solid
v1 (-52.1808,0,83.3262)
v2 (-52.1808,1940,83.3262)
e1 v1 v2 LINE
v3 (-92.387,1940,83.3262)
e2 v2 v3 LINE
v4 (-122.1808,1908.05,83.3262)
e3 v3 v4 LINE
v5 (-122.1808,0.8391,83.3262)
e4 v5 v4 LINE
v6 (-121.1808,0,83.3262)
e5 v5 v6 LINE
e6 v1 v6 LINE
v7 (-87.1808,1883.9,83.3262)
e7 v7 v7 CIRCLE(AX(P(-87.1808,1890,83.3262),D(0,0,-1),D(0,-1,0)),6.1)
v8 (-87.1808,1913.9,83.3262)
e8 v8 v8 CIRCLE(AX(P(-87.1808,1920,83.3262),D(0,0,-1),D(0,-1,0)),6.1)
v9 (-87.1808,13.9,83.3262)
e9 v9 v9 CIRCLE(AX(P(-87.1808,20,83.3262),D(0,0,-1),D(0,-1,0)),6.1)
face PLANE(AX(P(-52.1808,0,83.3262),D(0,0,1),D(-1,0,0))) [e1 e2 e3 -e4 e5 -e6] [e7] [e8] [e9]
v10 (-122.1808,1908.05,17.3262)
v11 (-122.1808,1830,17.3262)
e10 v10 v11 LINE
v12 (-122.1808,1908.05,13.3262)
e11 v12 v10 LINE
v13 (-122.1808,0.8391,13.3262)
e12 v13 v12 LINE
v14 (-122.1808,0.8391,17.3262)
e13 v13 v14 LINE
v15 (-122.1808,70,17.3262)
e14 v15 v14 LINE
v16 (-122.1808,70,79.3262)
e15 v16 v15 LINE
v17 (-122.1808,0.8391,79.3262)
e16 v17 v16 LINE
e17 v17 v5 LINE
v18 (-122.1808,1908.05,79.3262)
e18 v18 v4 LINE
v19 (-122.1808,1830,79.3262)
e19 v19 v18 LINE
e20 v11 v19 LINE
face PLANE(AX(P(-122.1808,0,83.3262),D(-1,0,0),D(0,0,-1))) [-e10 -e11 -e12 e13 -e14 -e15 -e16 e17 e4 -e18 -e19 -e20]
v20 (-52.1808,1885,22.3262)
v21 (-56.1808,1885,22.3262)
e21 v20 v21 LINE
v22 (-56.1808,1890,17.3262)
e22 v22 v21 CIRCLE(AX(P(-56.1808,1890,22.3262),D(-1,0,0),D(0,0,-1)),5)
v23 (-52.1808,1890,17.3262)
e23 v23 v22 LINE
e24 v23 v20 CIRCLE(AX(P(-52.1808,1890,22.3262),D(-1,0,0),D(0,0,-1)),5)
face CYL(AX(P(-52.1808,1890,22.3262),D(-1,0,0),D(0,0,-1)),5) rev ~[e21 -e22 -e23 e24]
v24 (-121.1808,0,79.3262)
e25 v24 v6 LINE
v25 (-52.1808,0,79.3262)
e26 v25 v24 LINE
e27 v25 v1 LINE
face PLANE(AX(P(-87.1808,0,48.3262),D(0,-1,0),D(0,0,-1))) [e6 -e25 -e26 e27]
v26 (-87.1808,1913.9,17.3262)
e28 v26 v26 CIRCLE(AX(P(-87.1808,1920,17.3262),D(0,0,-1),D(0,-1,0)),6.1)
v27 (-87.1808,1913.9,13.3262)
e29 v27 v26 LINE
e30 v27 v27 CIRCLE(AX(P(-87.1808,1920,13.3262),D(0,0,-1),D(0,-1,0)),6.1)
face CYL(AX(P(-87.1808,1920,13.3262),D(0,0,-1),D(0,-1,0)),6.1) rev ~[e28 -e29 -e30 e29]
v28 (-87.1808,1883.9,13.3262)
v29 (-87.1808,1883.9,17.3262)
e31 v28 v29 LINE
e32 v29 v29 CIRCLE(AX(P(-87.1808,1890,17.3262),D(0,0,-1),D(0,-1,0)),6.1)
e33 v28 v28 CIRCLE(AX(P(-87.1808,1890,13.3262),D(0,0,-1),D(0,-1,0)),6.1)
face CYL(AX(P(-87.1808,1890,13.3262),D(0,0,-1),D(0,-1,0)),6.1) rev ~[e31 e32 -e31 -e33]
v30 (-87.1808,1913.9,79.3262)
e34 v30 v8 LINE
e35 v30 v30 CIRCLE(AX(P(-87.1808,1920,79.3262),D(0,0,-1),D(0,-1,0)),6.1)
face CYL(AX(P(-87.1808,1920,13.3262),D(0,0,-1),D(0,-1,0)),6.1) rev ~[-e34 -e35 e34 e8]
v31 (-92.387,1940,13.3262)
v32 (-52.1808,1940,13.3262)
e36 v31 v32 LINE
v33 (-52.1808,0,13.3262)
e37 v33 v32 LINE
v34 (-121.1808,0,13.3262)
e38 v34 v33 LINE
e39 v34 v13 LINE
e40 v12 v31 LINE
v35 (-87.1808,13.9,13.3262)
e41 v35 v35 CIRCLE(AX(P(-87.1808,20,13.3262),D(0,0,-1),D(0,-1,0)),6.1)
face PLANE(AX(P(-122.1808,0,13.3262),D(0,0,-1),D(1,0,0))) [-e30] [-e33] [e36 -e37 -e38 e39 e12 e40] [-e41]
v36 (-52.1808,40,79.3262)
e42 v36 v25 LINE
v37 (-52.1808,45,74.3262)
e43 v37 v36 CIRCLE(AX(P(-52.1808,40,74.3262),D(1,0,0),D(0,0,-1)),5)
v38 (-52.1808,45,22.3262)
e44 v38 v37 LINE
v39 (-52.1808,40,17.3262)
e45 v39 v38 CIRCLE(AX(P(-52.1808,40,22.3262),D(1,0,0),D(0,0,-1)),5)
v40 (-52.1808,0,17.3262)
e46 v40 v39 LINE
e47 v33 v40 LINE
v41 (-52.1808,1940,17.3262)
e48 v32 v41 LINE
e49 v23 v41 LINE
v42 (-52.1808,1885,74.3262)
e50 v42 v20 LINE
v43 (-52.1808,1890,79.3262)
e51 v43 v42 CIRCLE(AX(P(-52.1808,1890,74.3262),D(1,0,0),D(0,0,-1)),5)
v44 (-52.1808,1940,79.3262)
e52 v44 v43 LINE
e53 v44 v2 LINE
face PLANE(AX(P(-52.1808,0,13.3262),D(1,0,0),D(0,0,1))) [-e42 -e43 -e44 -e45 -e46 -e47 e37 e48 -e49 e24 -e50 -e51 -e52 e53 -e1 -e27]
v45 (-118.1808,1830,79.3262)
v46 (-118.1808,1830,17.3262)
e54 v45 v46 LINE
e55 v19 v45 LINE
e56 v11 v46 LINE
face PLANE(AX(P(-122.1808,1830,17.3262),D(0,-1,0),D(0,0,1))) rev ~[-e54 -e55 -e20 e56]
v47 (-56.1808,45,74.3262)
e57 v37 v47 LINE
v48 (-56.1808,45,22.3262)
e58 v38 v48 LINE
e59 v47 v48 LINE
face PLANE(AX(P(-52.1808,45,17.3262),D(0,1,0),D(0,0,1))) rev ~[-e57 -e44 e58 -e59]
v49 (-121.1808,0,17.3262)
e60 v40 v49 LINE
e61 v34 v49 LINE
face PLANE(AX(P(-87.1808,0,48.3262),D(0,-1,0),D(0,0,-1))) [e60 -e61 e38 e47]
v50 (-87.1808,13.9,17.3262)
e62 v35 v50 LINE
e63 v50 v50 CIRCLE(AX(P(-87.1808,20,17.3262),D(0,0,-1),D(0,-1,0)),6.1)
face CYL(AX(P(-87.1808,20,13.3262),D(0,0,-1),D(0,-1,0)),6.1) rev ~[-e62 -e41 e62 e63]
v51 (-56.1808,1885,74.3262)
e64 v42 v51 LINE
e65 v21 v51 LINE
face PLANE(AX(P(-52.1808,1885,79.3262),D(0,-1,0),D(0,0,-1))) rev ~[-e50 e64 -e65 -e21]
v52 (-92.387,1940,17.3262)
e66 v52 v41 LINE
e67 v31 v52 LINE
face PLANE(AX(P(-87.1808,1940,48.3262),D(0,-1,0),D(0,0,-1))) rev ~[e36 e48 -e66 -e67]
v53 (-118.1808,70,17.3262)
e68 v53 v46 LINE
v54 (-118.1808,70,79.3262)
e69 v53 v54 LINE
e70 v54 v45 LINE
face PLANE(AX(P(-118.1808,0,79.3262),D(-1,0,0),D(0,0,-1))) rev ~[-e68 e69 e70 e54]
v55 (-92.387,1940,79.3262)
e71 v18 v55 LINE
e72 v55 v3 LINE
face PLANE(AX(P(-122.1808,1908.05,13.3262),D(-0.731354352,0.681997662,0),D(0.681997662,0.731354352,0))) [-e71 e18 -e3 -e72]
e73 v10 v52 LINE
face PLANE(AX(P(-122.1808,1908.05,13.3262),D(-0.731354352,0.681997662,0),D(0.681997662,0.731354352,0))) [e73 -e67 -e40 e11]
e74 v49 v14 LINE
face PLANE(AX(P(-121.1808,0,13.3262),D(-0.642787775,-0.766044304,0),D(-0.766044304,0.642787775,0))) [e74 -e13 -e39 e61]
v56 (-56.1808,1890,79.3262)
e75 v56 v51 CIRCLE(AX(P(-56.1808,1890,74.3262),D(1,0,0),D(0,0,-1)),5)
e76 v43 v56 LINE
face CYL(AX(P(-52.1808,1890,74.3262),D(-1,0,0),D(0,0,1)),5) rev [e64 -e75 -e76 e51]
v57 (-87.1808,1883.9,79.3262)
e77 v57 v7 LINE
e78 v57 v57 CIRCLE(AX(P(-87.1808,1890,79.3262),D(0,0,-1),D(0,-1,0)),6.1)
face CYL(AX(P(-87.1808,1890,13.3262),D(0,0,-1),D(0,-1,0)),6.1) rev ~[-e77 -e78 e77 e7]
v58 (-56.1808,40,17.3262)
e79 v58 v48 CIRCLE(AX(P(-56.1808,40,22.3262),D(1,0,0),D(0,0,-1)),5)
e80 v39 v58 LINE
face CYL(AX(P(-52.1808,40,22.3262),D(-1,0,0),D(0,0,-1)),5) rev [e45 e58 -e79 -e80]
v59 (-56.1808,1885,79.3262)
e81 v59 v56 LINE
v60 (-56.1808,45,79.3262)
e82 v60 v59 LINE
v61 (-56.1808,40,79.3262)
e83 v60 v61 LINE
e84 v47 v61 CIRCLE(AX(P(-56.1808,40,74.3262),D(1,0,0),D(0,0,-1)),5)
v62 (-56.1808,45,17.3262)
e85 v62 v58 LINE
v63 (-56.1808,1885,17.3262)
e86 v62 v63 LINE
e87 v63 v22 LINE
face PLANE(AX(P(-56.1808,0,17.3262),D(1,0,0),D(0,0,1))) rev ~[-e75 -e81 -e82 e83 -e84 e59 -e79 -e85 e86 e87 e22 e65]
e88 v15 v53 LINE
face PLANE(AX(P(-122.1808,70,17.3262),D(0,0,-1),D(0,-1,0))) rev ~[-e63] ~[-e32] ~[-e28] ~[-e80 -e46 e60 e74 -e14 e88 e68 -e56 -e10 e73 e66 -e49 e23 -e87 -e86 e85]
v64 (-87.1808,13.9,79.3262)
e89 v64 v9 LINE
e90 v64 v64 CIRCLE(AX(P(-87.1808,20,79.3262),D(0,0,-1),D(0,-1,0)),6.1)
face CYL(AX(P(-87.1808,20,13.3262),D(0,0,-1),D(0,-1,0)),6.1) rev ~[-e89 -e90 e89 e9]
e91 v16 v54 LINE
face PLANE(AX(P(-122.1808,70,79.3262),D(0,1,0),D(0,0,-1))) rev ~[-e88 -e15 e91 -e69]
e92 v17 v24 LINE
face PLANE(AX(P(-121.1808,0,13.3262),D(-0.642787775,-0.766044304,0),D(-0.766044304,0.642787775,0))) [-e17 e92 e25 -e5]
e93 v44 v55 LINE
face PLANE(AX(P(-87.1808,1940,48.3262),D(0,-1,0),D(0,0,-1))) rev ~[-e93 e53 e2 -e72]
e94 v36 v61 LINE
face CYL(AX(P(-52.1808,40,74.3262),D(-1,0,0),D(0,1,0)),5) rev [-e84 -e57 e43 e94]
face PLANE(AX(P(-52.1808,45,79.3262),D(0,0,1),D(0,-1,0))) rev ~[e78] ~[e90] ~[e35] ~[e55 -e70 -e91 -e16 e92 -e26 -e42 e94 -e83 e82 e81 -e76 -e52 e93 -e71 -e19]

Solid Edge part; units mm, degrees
sketch "Sketch1" plane through (0, 0, 0) normal (0, -1, 0) x (1, 0, 0)
  line L0 (-122.1808, 13.3262) -> (-52.1808, 13.3262)
  line L1 (-52.1808, 13.3262) -> (-52.1808, 83.3262)
  line L2 (-52.1808, 83.3262) -> (-122.1808, 83.3262)
  line L3 (-122.1808, 83.3262) -> (-122.1808, 13.3262)
  line L4 (-118.1808, 17.3262) -> (-56.1808, 17.3262)
  line L5 (-56.1808, 17.3262) -> (-56.1808, 79.3262)
  line L6 (-56.1808, 79.3262) -> (-118.1808, 79.3262)
  line L7 (-118.1808, 79.3262) -> (-118.1808, 17.3262)
  dimension "D1" = 70
  dimension "D2" = 70
  dimension "D3" = 4
  dimension "D4" = 4
extrude "Protrusion1" add sketch "Sketch1" against normal blind 1940
sketch "Sketch2" plane through (-87.1808, 1079, 13.3262) normal (0, 0, -1) x (0, -1, 0)
  circle A0 centre (-811, 0) radius 6.1
  circle A1 centre (-841, 0) radius 6.1
  circle A2 centre (1059, 0) radius 6.1
  dimension "D1" = 12.2
  dimension "D2" = 20
  dimension "D3" = 12.2
  dimension "D4" = 12.2
  dimension "D5" = 20
  dimension "D6" = 30
extrude "Cutout1" cut sketch "Sketch2" against normal through all
sketch "Sketch3" plane through (-52.1808, 1079, 63.3262) normal (1, 0, 0) x (0, -1, 0)
  line L0 (1034, -16) -> (1079, -16)
  line L1 (1079, -16) -> (1079, 46)
  line L2 (1079, 46) -> (1034, 46)
  line L3 (1034, 46) -> (1034, -16)
  line L4 (-861, -16) -> (-806, -16)
  line L5 (-806, -16) -> (-806, 46)
  line L6 (-806, 46) -> (-861, 46)
  line L7 (-861, 46) -> (-861, -16)
  dimension "D1" = 62
  dimension "D2" = 55
  dimension "D3" = 45
  dimension "D4" = 62
extrude "Cutout2" cut sketch "Sketch3" against normal up to next
sketch "Sketch4" plane through (-92.1808, 1005.1, 13.3262) normal (0, 0, -1) x (0, -1, 0)
  line L0 (-934.9, 30) -> (-902.95, 30)
  line L1 (-902.95, 30) -> (-934.9, 0.2062)
  line L2 (-934.9, 0.2062) -> (-934.9, 30)
  dimension "D1" = 29.7938
extrude "Cutout3" cut sketch "Sketch4" against normal through all
sketch "Sketch5" plane through (-92.1808, 1005.1, 13.3262) normal (0, 0, -1) x (0, 1, 0)
  line L0 (-1005.1, -29) -> (-1004.2609, -30)
  line L1 (-1004.2609, -30) -> (-1005.1, -30)
  line L2 (-1005.1, -30) -> (-1005.1, -29)
  dimension "D1" = 1
extrude "Cutout4" cut sketch "Sketch5" against normal through all
sketch "Sketch6" plane through (-122.1808, 957.9195, 48.3262) normal (-1, 0, 0) x (0, -1, 0)
  line L0 (-982.0805, -31) -> (-872.0805, -31)
  line L1 (-872.0805, -31) -> (-872.0805, 31)
  line L2 (-872.0805, 31) -> (-982.0805, 31)
  line L3 (-982.0805, 31) -> (-982.0805, -31)
  dimension "D1" = 62
  dimension "D2" = 110
extrude "Cutout5" cut sketch "Sketch6" against normal up to next
sketch "Sketch7" plane through (-122.1808, 957.9195, 48.3262) normal (-1, 0, 0) x (0, 1, 0)
  line L0 (-957.9195, -31) -> (-887.9195, -31)
  line L1 (-887.9195, -31) -> (-887.9195, 31)
  line L2 (-887.9195, 31) -> (-957.9195, 31)
  line L3 (-957.9195, 31) -> (-957.9195, -31)
  dimension "D1" = 62
  dimension "D2" = 70
extrude "Cutout6" cut sketch "Sketch7" against normal up to next
fillet "Round1" radius 5 4 edges at (-54.1808, 45, 79.3262) (-54.1808, 45, 17.3262) (-54.1808, 1885, 79.3262) (-54.1808, 1885, 17.3262)
properties material "Aluminum, 6061-T6"
